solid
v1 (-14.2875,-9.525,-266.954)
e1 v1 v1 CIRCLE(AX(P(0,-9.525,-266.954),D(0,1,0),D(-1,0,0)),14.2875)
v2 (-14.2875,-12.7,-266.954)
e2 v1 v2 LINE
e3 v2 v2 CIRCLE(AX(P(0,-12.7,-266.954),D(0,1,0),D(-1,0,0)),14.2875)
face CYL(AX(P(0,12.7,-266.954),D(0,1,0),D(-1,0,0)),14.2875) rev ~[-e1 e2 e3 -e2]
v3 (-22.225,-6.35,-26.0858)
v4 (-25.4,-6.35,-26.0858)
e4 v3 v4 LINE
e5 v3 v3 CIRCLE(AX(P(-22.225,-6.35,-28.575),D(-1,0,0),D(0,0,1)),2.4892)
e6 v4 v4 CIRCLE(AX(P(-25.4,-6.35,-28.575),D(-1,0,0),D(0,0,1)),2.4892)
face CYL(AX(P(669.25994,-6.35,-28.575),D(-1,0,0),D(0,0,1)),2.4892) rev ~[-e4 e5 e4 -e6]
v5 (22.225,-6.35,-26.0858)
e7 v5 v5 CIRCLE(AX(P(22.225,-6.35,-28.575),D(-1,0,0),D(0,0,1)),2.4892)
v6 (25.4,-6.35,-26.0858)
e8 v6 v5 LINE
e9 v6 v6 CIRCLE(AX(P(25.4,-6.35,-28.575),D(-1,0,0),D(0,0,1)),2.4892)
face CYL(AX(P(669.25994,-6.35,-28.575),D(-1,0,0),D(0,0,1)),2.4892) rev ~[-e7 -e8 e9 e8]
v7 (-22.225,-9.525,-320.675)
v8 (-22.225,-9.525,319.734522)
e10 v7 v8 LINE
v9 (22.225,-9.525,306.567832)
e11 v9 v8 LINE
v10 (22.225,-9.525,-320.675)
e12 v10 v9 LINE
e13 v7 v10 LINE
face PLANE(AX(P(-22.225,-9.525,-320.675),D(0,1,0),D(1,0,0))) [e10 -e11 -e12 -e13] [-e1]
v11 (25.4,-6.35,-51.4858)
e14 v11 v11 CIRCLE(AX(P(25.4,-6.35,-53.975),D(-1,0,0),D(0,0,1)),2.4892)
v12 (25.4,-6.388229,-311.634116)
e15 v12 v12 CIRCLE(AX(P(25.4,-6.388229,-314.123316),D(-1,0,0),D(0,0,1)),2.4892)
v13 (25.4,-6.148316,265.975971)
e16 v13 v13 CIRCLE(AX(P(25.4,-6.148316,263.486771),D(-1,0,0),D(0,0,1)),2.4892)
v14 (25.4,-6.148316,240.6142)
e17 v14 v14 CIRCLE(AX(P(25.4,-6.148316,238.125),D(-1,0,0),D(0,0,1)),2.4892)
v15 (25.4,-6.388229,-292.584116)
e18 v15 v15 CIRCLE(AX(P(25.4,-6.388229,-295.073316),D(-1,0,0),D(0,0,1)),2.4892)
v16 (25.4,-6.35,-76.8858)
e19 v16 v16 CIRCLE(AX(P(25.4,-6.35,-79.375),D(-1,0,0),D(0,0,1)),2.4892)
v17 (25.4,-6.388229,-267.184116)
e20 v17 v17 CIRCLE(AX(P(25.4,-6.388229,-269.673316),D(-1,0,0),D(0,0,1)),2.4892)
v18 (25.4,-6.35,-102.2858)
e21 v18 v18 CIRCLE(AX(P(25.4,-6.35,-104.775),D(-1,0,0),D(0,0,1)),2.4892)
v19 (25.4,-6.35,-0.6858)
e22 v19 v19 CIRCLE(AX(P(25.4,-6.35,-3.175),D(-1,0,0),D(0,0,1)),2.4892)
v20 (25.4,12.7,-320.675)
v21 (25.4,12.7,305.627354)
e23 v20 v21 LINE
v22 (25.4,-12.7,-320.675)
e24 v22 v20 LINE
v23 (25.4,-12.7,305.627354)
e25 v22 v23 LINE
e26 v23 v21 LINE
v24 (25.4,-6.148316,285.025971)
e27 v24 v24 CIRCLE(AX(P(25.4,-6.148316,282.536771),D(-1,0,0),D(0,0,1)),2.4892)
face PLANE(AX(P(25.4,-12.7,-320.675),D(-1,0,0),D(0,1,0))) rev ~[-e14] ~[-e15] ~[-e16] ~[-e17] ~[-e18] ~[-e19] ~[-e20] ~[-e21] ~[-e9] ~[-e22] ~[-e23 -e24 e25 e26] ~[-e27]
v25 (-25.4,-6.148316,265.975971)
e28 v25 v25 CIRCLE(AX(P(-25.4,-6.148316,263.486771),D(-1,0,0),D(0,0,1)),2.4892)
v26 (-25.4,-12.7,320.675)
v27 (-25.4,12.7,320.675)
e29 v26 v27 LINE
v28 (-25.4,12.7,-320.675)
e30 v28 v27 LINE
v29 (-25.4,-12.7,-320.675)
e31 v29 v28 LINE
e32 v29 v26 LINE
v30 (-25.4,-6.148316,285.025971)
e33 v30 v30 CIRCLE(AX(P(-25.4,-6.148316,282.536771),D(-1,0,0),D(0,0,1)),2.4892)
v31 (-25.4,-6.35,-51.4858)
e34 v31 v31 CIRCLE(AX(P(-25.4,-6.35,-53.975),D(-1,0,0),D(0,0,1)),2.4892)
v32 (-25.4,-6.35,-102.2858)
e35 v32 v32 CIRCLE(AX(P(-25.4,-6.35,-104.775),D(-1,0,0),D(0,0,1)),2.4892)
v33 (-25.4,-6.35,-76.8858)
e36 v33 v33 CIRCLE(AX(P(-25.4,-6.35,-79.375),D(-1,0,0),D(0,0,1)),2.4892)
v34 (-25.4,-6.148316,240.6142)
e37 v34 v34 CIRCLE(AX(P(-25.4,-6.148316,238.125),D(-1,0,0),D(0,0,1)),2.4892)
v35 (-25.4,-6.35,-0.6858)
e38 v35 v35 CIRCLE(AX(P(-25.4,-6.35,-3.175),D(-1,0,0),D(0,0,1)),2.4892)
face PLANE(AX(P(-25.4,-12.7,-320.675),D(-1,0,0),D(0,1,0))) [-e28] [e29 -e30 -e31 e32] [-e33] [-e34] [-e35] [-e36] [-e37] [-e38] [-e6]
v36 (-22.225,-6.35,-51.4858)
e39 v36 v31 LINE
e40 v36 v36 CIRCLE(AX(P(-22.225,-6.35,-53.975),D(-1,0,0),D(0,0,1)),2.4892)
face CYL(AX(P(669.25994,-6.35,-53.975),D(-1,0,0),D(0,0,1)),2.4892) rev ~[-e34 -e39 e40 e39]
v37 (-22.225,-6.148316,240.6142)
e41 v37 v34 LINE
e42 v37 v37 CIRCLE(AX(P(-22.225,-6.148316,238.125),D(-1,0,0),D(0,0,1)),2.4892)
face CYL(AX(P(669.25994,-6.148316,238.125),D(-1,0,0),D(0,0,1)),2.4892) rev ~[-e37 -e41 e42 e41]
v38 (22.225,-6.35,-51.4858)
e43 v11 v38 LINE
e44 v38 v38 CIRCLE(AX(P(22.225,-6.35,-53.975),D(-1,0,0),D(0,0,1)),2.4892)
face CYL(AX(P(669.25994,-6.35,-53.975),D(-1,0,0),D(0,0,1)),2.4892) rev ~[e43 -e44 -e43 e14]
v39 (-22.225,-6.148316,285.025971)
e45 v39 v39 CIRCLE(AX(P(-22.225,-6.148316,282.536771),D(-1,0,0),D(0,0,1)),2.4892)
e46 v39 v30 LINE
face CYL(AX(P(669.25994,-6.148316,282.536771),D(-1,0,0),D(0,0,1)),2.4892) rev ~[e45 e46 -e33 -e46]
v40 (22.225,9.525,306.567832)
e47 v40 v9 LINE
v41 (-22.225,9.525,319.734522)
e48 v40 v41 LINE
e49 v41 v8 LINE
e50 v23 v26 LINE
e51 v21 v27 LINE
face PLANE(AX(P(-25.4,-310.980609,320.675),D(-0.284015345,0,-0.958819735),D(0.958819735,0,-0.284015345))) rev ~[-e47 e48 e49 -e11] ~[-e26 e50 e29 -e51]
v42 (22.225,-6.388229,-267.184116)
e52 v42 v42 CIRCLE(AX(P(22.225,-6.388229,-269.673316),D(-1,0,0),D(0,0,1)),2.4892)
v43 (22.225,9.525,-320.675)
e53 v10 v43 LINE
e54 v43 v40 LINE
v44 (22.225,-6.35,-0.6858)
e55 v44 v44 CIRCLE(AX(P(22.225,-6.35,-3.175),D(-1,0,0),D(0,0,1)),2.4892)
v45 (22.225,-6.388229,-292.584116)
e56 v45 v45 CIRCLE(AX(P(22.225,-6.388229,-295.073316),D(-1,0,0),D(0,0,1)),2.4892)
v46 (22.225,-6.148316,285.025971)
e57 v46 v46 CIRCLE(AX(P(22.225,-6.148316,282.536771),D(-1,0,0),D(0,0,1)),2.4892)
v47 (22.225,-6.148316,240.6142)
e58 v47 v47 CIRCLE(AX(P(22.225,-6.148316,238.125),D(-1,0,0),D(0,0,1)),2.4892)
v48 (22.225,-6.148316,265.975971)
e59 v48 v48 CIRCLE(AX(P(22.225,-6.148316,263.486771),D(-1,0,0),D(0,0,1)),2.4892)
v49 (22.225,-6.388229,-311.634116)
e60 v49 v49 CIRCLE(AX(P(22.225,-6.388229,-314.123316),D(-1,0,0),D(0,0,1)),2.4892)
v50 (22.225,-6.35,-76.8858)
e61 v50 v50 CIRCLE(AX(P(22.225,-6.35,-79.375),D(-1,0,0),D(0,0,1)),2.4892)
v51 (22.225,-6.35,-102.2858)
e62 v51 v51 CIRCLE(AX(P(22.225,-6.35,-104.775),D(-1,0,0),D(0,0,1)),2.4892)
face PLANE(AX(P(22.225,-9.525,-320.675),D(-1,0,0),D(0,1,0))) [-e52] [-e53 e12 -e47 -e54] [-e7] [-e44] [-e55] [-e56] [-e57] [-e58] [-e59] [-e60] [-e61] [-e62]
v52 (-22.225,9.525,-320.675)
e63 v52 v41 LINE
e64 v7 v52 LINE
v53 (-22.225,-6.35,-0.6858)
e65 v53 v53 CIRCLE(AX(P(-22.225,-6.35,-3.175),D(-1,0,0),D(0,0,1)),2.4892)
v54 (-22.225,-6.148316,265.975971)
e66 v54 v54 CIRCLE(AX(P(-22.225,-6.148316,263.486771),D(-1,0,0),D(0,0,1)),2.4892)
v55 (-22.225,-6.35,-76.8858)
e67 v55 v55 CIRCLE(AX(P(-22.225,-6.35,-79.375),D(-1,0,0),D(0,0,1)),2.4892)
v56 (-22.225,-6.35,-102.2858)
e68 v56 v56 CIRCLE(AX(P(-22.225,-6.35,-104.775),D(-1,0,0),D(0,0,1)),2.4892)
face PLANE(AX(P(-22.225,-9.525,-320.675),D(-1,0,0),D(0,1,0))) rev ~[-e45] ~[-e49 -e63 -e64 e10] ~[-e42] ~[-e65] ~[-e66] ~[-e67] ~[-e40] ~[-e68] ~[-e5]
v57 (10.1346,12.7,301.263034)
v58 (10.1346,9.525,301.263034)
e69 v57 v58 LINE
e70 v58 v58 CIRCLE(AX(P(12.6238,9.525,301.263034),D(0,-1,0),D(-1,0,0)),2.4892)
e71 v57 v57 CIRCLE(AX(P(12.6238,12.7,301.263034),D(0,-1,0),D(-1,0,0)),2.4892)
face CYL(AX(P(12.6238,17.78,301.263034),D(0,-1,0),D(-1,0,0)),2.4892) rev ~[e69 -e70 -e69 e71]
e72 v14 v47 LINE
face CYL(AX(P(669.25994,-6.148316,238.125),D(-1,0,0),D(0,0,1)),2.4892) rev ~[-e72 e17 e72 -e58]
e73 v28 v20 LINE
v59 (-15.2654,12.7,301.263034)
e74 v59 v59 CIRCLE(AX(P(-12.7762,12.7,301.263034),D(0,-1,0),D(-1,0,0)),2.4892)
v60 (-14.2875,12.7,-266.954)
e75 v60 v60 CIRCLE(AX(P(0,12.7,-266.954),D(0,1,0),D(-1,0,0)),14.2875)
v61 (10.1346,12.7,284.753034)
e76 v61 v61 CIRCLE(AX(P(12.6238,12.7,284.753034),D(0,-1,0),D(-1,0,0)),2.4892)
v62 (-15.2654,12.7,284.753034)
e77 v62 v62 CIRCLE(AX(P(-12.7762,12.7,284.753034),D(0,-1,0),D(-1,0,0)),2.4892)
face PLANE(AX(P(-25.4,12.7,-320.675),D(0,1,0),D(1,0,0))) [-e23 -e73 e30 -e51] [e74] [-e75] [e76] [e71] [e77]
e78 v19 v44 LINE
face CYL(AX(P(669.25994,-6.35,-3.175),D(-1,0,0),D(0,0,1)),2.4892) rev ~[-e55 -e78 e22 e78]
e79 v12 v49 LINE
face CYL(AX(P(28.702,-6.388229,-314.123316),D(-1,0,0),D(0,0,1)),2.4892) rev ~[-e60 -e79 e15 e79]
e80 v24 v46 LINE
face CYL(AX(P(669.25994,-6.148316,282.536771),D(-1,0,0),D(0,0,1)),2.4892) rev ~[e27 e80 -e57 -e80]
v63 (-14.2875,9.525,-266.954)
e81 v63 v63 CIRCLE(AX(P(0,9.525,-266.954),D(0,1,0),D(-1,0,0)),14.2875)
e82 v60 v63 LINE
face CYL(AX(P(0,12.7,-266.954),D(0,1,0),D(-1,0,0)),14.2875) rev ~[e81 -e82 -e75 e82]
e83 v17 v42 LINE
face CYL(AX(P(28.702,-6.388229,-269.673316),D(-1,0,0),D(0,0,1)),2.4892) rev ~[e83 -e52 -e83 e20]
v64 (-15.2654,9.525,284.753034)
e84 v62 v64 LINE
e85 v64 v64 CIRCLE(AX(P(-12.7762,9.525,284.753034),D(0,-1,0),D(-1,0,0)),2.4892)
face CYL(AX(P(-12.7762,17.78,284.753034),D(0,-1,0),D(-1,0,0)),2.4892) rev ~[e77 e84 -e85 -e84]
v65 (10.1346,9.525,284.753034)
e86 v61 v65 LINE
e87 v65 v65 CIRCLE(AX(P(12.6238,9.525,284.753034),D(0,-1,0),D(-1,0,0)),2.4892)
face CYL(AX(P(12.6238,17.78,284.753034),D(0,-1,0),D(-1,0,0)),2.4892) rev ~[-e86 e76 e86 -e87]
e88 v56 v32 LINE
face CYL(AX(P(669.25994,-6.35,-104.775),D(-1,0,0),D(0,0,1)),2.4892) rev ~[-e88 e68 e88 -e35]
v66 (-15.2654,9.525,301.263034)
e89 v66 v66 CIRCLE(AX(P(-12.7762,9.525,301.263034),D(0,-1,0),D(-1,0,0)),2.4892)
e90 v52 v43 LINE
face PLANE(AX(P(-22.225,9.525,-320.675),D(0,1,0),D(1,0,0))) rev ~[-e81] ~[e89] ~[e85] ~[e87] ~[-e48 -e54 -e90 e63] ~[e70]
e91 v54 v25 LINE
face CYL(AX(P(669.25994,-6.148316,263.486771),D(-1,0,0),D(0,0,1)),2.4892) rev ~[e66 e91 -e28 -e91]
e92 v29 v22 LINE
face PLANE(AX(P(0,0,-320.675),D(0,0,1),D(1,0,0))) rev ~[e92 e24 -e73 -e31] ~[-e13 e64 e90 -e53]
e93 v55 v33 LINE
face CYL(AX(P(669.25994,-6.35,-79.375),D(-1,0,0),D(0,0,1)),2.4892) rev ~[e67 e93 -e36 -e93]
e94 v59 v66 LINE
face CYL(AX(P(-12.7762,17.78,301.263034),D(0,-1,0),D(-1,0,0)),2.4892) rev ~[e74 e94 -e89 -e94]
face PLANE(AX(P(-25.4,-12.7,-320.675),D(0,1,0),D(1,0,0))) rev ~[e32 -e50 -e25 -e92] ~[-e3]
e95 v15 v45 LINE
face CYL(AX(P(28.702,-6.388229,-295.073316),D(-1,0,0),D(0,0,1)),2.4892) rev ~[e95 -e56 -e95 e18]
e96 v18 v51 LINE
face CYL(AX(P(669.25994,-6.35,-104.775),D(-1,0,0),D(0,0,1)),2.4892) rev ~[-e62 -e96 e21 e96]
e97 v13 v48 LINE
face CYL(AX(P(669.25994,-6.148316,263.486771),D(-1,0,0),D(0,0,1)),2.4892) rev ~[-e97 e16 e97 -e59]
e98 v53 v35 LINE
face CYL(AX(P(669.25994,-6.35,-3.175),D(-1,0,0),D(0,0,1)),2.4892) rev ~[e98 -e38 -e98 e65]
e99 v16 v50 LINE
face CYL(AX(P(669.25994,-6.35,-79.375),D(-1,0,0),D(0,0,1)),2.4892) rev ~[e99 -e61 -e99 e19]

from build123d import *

# Parameters (mm, degrees)
BOSS_EXTRUDE1_DEPTH        = 320.675
BOSS_EXTRUDE1_DEPTH_BACK   = 320.675
SKETCH3_W                  = 50.8
SKETCH3_H                  = 25.4
SKETCH3_W_2                = 44.45
SKETCH3_H_2                = 19.05
CUT_EXTRUDE1_DEPTH         = 323.680609311
CUT_EXTRUDE1_DEPTH_BACK    = 323.680609311
SKETCH8_R                  = 14.2875
CUT_EXTRUDE2_DEPTH         = 323.680609311
F_10_CLEARANCE_HOLE1_D     = 4.9784
F_10_CLEARANCE_HOLE1_DEPTH = 5.08
F_10_CLEARANCE_HOLE1_TIP   = 1.495662253
F_10_CLEARANCE_HOLE2_D     = 4.9784
F_10_CLEARANCE_HOLE3_D     = 4.9784
F_10_CLEARANCE_HOLE3_DEPTH = 3.302
F_10_CLEARANCE_HOLE3_TIP   = 1.495662253


with BuildPart() as part:
    # Sketch3 → Boss-Extrude1 (new, two sides: drawn at the far end of the back side and taken through both)
    with BuildSketch(Plane.XY.offset(-BOSS_EXTRUDE1_DEPTH_BACK)):
        Rectangle(SKETCH3_W, SKETCH3_H)
        Rectangle(SKETCH3_W_2, SKETCH3_H_2, mode=Mode.SUBTRACT)
    extrude(amount=BOSS_EXTRUDE1_DEPTH + BOSS_EXTRUDE1_DEPTH_BACK)

    # Sketch4 → Cut-Extrude1 (cut, two sides: drawn at the far end of the back side and taken through both)
    with BuildSketch(Plane(origin=(0, 12.7, 0), x_dir=(1, 0, 0), z_dir=(0, 1, 0)).offset(-CUT_EXTRUDE1_DEPTH_BACK)):
        Polygon((1322.117470931, -320.675), (25.4, -320.675), (-25.4, -320.675), (25.4, -305.627354456), (1268.718301677, 62.660305034), (3837.350959621, 420.474595165), (3890.750128875, 37.139290131), align=None)
    extrude(amount=CUT_EXTRUDE1_DEPTH + CUT_EXTRUDE1_DEPTH_BACK, mode=Mode.SUBTRACT)

    # Sketch8 → Cut-Extrude2 (cut, through all)
    with BuildSketch(Plane(origin=(0, 12.7, 0), x_dir=(1, 0, 0), z_dir=(0, 1, 0))):
        with Locations(Location((0, 266.954, 0), (0, 0, 180))):
            Circle(SKETCH8_R)
    extrude(amount=-CUT_EXTRUDE2_DEPTH, mode=Mode.SUBTRACT)

    # #10 Clearance Hole1
    with Locations(Plane(origin=(0, 12.7, 0), x_dir=(1, 0, 0), z_dir=(0, 1, 0))):
        with Locations((-12.7762, -284.753033923), (12.6238, -284.753033923), (12.6238, -301.263033923), (-12.7762, -301.263033923)):
            Hole(F_10_CLEARANCE_HOLE1_D / 2, depth=F_10_CLEARANCE_HOLE1_DEPTH)
            with Locations((0, 0, -(F_10_CLEARANCE_HOLE1_DEPTH + F_10_CLEARANCE_HOLE1_TIP / 2))):  # 118° drill point
                Cone(0, F_10_CLEARANCE_HOLE1_D / 2, F_10_CLEARANCE_HOLE1_TIP, mode=Mode.SUBTRACT)

    # #10 Clearance Hole2 (through all)
    with Locations(Plane(origin=(25.4, 0, 0), x_dir=(0, 0, -1), z_dir=(1, 0, 0))):
        with Locations((-282.536770585, -6.148316496), (-263.486770585, -6.148316496), (-238.125, -6.148316496), (3.175, -6.35), (28.575, -6.35), (53.975, -6.35), (79.375, -6.35), (104.775, -6.35)):
            Hole(F_10_CLEARANCE_HOLE2_D / 2)

    # #10 Clearance Hole3
    with Locations(Plane(origin=(25.4, 0, 0), x_dir=(0, 0, -1), z_dir=(1, 0, 0))):
        with Locations((269.673316496, -6.388229415), (295.073316496, -6.388229415), (314.123316496, -6.388229415)):
            Hole(F_10_CLEARANCE_HOLE3_D / 2, depth=F_10_CLEARANCE_HOLE3_DEPTH)
            with Locations((0, 0, -(F_10_CLEARANCE_HOLE3_DEPTH + F_10_CLEARANCE_HOLE3_TIP / 2))):  # 118° drill point
                Cone(0, F_10_CLEARANCE_HOLE3_D / 2, F_10_CLEARANCE_HOLE3_TIP, mode=Mode.SUBTRACT)


solid = part.part
